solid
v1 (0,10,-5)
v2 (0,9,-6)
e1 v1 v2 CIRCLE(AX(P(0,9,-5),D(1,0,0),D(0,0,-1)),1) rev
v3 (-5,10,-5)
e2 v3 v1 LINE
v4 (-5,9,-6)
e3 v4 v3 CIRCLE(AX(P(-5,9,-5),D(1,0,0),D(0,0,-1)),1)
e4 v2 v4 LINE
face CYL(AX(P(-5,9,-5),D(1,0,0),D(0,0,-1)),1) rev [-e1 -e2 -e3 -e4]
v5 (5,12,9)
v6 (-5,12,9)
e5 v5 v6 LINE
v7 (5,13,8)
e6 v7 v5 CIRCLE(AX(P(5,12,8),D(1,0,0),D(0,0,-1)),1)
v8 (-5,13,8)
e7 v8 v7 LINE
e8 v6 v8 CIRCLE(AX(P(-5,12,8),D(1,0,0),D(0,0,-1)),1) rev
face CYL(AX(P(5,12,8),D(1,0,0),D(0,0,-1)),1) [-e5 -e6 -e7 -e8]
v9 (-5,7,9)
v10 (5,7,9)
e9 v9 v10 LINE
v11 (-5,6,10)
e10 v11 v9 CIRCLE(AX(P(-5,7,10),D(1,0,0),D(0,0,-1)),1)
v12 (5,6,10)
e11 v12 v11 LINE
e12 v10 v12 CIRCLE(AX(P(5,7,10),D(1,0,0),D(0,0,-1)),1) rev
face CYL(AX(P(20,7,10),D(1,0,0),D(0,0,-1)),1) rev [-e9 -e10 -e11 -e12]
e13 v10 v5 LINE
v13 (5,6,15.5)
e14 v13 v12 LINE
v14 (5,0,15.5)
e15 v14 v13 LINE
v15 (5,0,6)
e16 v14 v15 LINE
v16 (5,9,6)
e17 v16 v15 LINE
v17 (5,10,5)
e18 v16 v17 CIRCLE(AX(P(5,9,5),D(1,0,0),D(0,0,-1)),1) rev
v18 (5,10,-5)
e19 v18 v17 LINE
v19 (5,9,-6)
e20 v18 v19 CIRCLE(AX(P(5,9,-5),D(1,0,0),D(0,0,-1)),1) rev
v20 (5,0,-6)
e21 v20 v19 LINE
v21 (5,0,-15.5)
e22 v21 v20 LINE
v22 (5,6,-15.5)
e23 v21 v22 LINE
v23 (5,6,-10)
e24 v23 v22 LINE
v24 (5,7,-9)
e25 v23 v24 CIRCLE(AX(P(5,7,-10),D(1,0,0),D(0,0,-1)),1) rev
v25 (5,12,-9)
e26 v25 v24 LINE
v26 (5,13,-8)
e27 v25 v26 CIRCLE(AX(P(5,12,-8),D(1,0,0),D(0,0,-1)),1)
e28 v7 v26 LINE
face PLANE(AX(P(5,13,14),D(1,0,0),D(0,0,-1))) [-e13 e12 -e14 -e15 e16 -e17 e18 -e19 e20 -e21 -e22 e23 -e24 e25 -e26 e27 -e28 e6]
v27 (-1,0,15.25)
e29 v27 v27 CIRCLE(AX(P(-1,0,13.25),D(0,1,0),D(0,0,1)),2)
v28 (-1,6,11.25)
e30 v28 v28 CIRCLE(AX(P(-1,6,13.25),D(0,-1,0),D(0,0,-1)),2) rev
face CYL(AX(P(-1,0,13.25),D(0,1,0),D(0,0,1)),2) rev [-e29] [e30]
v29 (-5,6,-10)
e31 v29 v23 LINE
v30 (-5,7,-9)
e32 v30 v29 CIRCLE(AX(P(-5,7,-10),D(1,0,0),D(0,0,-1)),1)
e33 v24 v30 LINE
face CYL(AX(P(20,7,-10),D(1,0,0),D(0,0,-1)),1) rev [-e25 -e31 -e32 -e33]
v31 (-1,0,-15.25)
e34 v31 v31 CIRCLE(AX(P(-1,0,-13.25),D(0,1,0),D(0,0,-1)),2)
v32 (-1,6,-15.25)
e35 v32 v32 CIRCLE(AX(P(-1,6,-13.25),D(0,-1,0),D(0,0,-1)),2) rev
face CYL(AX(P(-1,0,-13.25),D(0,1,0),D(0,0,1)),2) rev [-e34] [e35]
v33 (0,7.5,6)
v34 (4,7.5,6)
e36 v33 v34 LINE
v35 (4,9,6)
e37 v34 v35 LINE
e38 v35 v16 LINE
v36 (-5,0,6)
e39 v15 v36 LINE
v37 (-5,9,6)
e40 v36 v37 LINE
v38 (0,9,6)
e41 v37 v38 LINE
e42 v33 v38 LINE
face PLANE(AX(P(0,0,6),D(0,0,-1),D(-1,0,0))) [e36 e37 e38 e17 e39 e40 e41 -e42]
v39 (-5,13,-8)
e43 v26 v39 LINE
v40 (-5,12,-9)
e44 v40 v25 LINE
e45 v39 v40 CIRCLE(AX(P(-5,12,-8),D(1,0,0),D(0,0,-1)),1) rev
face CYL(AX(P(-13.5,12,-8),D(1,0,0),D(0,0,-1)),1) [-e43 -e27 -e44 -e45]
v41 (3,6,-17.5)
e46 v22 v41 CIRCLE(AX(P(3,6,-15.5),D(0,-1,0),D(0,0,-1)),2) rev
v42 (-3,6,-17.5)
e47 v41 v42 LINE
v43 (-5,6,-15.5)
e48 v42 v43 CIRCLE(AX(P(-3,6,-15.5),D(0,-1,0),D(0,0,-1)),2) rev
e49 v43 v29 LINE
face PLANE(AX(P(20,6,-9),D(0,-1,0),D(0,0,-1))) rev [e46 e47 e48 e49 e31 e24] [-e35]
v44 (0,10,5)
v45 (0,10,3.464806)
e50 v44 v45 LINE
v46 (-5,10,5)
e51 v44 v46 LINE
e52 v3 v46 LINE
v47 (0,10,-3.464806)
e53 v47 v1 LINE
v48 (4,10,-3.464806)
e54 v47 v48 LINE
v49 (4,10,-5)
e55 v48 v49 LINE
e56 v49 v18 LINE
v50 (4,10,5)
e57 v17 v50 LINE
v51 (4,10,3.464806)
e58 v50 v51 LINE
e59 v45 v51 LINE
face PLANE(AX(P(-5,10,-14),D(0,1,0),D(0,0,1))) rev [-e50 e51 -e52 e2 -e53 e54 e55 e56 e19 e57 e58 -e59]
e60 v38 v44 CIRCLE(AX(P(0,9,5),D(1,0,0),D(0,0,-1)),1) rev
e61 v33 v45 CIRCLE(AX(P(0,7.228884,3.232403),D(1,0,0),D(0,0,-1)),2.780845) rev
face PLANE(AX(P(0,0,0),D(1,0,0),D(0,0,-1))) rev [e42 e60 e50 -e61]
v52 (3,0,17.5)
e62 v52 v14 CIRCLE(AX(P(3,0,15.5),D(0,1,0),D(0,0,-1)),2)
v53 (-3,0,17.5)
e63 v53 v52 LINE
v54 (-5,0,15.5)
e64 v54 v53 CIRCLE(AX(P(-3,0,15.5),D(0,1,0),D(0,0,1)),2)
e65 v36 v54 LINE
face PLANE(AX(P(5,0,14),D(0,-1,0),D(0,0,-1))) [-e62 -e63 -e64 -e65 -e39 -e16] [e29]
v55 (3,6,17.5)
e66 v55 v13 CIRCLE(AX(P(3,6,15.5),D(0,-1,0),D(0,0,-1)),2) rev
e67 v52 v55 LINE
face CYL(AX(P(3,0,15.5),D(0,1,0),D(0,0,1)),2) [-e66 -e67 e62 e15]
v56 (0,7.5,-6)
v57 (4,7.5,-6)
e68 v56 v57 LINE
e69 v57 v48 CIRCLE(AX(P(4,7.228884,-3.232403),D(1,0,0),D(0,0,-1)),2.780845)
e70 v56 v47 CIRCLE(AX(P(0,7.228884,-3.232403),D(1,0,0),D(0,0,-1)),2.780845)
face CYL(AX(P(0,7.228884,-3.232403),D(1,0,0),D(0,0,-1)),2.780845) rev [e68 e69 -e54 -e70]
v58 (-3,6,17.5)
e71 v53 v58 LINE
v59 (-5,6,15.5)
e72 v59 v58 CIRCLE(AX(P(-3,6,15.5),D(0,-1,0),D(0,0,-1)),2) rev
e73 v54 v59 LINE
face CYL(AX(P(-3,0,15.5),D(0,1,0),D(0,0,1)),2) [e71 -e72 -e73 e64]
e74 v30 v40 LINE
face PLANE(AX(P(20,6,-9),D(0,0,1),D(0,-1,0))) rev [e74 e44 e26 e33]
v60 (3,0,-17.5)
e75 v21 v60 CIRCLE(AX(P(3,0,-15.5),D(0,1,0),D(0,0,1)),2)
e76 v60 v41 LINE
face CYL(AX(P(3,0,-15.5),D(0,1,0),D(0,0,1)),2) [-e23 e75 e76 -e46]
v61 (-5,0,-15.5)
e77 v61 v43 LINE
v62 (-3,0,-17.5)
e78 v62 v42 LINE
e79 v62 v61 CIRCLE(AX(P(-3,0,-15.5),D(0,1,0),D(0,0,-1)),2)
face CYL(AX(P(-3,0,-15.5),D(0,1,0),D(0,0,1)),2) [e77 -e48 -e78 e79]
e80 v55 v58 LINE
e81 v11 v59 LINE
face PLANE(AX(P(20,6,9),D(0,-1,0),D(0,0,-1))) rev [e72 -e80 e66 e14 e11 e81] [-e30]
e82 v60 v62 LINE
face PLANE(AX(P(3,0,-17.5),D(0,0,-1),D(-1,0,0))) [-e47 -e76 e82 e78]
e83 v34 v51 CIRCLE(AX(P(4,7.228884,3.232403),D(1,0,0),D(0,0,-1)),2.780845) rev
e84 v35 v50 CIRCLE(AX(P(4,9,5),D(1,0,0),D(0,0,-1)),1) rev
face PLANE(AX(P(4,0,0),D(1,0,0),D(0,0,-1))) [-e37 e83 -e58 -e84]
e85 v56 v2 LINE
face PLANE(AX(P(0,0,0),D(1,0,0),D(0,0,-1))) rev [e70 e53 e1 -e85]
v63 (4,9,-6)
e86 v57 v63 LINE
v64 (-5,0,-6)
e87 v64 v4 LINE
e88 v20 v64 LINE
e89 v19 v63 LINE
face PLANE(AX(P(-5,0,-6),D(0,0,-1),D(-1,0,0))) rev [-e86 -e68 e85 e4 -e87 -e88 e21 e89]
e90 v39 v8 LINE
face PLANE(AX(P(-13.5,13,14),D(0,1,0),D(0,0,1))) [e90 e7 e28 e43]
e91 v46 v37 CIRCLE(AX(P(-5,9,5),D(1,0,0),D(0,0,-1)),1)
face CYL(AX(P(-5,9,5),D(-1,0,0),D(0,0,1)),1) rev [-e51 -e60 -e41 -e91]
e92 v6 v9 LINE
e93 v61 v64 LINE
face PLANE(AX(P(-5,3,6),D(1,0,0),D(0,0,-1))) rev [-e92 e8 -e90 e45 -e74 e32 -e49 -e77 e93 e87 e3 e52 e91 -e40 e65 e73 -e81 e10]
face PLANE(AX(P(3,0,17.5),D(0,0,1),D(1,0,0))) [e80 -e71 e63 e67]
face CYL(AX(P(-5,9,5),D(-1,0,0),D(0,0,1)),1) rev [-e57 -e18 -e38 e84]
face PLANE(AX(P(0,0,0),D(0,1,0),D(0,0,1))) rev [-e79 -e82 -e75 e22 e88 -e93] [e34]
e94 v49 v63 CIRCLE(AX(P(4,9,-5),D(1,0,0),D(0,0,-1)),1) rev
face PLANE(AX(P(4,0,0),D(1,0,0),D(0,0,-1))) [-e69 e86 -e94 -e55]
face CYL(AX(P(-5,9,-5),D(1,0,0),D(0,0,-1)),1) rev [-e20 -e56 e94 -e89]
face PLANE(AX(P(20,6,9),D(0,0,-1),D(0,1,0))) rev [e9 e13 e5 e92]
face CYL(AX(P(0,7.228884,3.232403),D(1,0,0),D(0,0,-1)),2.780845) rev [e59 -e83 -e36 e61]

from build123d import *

# Parameters (mm, degrees)
ESBO_O1_W                      = 18.5
ESBO_O1_H                      = 13
RESSALTO_EXTRUS_O1_DEPTH       = 8
ESBO_O2_W                      = 8.5
ESBO_O2_H                      = 10
CORTE_EXTRUS_O1_DEPTH          = 21.377683872
ESBO_O3_W                      = 10
ESBO_O3_H                      = 3
RESSALTO_EXTRUS_O2_DEPTH       = 20
ESBO_O4_W                      = 10
ESBO_O4_H                      = 8
RESSALTO_EXTRUS_O3_DEPTH       = 10
ESBO_O5_W                      = 8
ESBO_O5_H                      = 3
RESSALTO_EXTRUS_O4_DEPTH       = 8.5
ESBO_O6_W                      = 5
ESBO_O6_H                      = 8
CORTE_EXTRUS_O2_DEPTH          = 22.563858653
ESBO_O7_W                      = 5
ESBO_O7_H                      = 8
CORTE_EXTRUS_O3_DEPTH          = 22.563858653
FURO_DE_DI_METRO_4_0_4_1_D     = 4
FURO_DE_DI_METRO_4_0_4_1_DEPTH = 13
FURO_DE_DI_METRO_4_0_4_2_D     = 4
FILETE1_R                      = 1
FILETE2_R                      = 2
RESSALTO_EXTRUS_O5_DEPTH       = 4
ESBO_O16_W                     = 10.570066626
ESBO_O16_H                     = 8.435311821
CORTE_EXTRUS_O4_DEPTH          = 10
ESBO_O17_W                     = 5
ESBO_O17_H                     = 6
CORTE_EXTRUS_O5_DEPTH          = 10
ESBO_O18_W                     = 5
ESBO_O18_H                     = 7.112668327
CORTE_EXTRUS_O6_DEPTH          = 22
ESBO_O19_W                     = 8.5
ESBO_O19_H                     = 3
CORTE_EXTRUS_O7_DEPTH          = 22
ESBO_O28_R                     = 2
RESSALTO_EXTRUS_O9_DEPTH       = 13
ESBO_O29_W                     = 8.5
ESBO_O29_H                     = 7
CORTE_EXTRUS_O10_DEPTH         = 25
FILETE3_R                      = 1


with BuildPart() as part:
    # Esboço1 → Ressalto-extrusão1 (new body)
    with BuildSketch(Plane(origin=(0, 0, 6), x_dir=(-1, 0, 0), z_dir=(0, 0, -1))):
        with Locations((4.25, 6.5)):
            Rectangle(ESBO_O1_W, ESBO_O1_H)
    extrude(amount=-RESSALTO_EXTRUS_O1_DEPTH)

    # Esboço2 → Corte-extrusão1 (cut, through all)
    with BuildSketch(Plane.XY.offset(14)):
        with Locations((-9.25, 8)):
            Rectangle(ESBO_O2_W, ESBO_O2_H)
    extrude(amount=-CORTE_EXTRUS_O1_DEPTH, mode=Mode.SUBTRACT)

    # Esboço3 → Ressalto-extrusão2 (add)
    with BuildSketch(Plane(origin=(0, 0, 6), x_dir=(-1, 0, 0), z_dir=(0, 0, -1))):
        with Locations((0, 11.5)):
            Rectangle(ESBO_O3_W, ESBO_O3_H)
    extrude(amount=RESSALTO_EXTRUS_O2_DEPTH)

    # Esboço4 → Ressalto-extrusão3 (add)
    with BuildSketch(Plane.XZ.offset(-10)):
        with Locations((0, -10)):
            Rectangle(ESBO_O4_W, ESBO_O4_H)
    extrude(amount=RESSALTO_EXTRUS_O3_DEPTH)

    # Esboço5 → Ressalto-extrusão4 (add)
    with BuildSketch(Plane.ZY.offset(5)):
        with Locations((-10, 1.5)):
            Rectangle(ESBO_O5_W, ESBO_O5_H)
    extrude(amount=RESSALTO_EXTRUS_O4_DEPTH)

    # Esboço6 → Corte-extrusão2 (cut, through all)
    with BuildSketch(Plane.ZY.offset(5)):
        with Locations((-11.5, 9)):
            Rectangle(ESBO_O6_W, ESBO_O6_H)
    extrude(amount=-CORTE_EXTRUS_O2_DEPTH, mode=Mode.SUBTRACT)

    # Esboço7 → Corte-extrusão3 (cut, through all)
    with BuildSketch(Plane.ZY.offset(5)):
        with Locations((11.5, 9)):
            Rectangle(ESBO_O7_W, ESBO_O7_H)
    extrude(amount=-CORTE_EXTRUS_O3_DEPTH, mode=Mode.SUBTRACT)

    # Furo de diâmetro Ø4.0 (4)1
    with Locations(Plane(origin=(0, 0, 0), x_dir=(-1, 0, 0), z_dir=(0, -1, 0))):
        with Locations((9.25, 10)):
            Hole(FURO_DE_DI_METRO_4_0_4_1_D / 2, depth=FURO_DE_DI_METRO_4_0_4_1_DEPTH)

    # Furo de diâmetro Ø4.0 (4)2 (through all)
    with Locations(Plane(origin=(0, 3, 0), x_dir=(1, 0, 0), z_dir=(0, 1, 0))):
        with Locations((-9.25, -10)):
            Hole(FURO_DE_DI_METRO_4_0_4_2_D / 2)

    # Filete1
    filete1_edges = [part.edges().sort_by_distance(p)[0] for p in [
        (0, 10, 6),
        (0, 10, -6),
        (0, 13, -9),
        (0, 5, -9),
        (0, 13, 9),
        (0, 5, 9),
    ]]
    fillet(filete1_edges, radius=FILETE1_R)

    # Filete2
    filete2_edges = [part.edges().sort_by_distance(p)[0] for p in [
        (-13.5, 1.5, 14),
        (-13.5, 1.5, 6),
        (-13.5, 1.5, -14),
        (-13.5, 1.5, -6),
    ]]
    fillet(filete2_edges, radius=FILETE2_R)

    # Esboço15 → Ressalto-extrusão5 (add)
    with BuildSketch(Plane(origin=(4, 0, 0), x_dir=(0, 0, -1), z_dir=(1, 0, 0))):
        with BuildLine():
            Line((-6, 10), (-6, 7.5))
            ThreePointArc((-6, 7.5), (-5.18496543, 9.208933408), (-3.464806021, 10))
            Line((-3.464806021, 10), (-6, 10))
        make_face()
        with BuildLine():
            ThreePointArc((3.464806021, 10), (5.18496543, 9.208933408), (6, 7.5))
            Line((6, 7.5), (6, 10))
            Line((6, 10), (3.464806021, 10))
        make_face()
    extrude(amount=-RESSALTO_EXTRUS_O5_DEPTH)

    # Esboço16 → Corte-extrusão4 (cut)
    with BuildSketch(Plane(origin=(0, 3, 0), x_dir=(1, 0, 0), z_dir=(0, 1, 0))):
        with Locations((-10.285033313, -10.21765591)):
            Rectangle(ESBO_O16_W, ESBO_O16_H)
    extrude(amount=-CORTE_EXTRUS_O4_DEPTH, mode=Mode.SUBTRACT)

    # Esboço17 → Corte-extrusão5 (cut)
    with BuildSketch(Plane(origin=(5, 0, 0), x_dir=(0, 0, -1), z_dir=(1, 0, 0))):
        with Locations((-11.5, 3)):
            Rectangle(ESBO_O17_W, ESBO_O17_H)
    extrude(amount=-CORTE_EXTRUS_O5_DEPTH, mode=Mode.SUBTRACT)

    # Esboço18 → Corte-extrusão6 (cut)
    with BuildSketch(Plane(origin=(5, 0, 0), x_dir=(0, 0, -1), z_dir=(1, 0, 0))):
        with Locations((11.5, 3.556334164)):
            Rectangle(ESBO_O18_W, ESBO_O18_H)
    extrude(amount=-CORTE_EXTRUS_O6_DEPTH, mode=Mode.SUBTRACT)

    # Esboço19 → Corte-extrusão7 (cut)
    with BuildSketch(Plane.XY.offset(-6)):
        with Locations((-9.25, 1.5)):
            Rectangle(ESBO_O19_W, ESBO_O19_H)
    extrude(amount=-CORTE_EXTRUS_O7_DEPTH, mode=Mode.SUBTRACT)

    # Esboço28 → Ressalto-extrusão9 (add, through all)
    # profile 1 of 2: a face of its own
    with BuildSketch(Plane(origin=(0, 13, 0), x_dir=(1, 0, 0), z_dir=(0, 1, 0))):
        with BuildLine():
            Line((-5, -9), (5, -9))
            Line((5, -9), (5, -15.5))
            ThreePointArc((5, -15.5), (4.414213562, -16.914213562), (3, -17.5))
            Line((3, -17.5), (-3, -17.5))
            ThreePointArc((-3, -17.5), (-4.414213562, -16.914213562), (-5, -15.5))
            Line((-5, -15.5), (-5, -9))
        make_face()
        with Locations(Location((-1, -13.25, 0), (0, 0, 270))):
            Circle(ESBO_O28_R, mode=Mode.SUBTRACT)
    # profile 2 of 2: a face of its own
    with BuildSketch(Plane(origin=(0, 13, 0), x_dir=(1, 0, 0), z_dir=(0, 1, 0))):
        with BuildLine():
            Line((3, 17.5), (-3, 17.5))
            ThreePointArc((-3, 17.5), (-4.414213562, 16.914213562), (-5, 15.5))
            Line((-5, 15.5), (-5, 9))
            Line((-5, 9), (5, 9))
            Line((5, 9), (5, 15.5))
            ThreePointArc((5, 15.5), (4.414213562, 16.914213562), (3, 17.5))
        make_face()
        with Locations(Location((-1, 13.25, 0), (0, 0, 90))):
            Circle(ESBO_O28_R, mode=Mode.SUBTRACT)
    extrude(amount=-RESSALTO_EXTRUS_O9_DEPTH)

    # Esboço29 → Corte-extrusão10 (cut)
    with BuildSketch(Plane.ZY.offset(5)):
        with Locations((-13.25, 9.5)):
            Rectangle(ESBO_O29_W, ESBO_O29_H)
        with Locations((13.25, 9.5)):
            Rectangle(ESBO_O29_W, ESBO_O29_H)
    extrude(amount=-CORTE_EXTRUS_O10_DEPTH, mode=Mode.SUBTRACT)

    # Filete3
    filete3_edges = [part.edges().sort_by_distance(p)[0] for p in [
        (0, 6, -9),
        (0, 6, 9),
    ]]
    fillet(filete3_edges, radius=FILETE3_R)


solid = part.part
